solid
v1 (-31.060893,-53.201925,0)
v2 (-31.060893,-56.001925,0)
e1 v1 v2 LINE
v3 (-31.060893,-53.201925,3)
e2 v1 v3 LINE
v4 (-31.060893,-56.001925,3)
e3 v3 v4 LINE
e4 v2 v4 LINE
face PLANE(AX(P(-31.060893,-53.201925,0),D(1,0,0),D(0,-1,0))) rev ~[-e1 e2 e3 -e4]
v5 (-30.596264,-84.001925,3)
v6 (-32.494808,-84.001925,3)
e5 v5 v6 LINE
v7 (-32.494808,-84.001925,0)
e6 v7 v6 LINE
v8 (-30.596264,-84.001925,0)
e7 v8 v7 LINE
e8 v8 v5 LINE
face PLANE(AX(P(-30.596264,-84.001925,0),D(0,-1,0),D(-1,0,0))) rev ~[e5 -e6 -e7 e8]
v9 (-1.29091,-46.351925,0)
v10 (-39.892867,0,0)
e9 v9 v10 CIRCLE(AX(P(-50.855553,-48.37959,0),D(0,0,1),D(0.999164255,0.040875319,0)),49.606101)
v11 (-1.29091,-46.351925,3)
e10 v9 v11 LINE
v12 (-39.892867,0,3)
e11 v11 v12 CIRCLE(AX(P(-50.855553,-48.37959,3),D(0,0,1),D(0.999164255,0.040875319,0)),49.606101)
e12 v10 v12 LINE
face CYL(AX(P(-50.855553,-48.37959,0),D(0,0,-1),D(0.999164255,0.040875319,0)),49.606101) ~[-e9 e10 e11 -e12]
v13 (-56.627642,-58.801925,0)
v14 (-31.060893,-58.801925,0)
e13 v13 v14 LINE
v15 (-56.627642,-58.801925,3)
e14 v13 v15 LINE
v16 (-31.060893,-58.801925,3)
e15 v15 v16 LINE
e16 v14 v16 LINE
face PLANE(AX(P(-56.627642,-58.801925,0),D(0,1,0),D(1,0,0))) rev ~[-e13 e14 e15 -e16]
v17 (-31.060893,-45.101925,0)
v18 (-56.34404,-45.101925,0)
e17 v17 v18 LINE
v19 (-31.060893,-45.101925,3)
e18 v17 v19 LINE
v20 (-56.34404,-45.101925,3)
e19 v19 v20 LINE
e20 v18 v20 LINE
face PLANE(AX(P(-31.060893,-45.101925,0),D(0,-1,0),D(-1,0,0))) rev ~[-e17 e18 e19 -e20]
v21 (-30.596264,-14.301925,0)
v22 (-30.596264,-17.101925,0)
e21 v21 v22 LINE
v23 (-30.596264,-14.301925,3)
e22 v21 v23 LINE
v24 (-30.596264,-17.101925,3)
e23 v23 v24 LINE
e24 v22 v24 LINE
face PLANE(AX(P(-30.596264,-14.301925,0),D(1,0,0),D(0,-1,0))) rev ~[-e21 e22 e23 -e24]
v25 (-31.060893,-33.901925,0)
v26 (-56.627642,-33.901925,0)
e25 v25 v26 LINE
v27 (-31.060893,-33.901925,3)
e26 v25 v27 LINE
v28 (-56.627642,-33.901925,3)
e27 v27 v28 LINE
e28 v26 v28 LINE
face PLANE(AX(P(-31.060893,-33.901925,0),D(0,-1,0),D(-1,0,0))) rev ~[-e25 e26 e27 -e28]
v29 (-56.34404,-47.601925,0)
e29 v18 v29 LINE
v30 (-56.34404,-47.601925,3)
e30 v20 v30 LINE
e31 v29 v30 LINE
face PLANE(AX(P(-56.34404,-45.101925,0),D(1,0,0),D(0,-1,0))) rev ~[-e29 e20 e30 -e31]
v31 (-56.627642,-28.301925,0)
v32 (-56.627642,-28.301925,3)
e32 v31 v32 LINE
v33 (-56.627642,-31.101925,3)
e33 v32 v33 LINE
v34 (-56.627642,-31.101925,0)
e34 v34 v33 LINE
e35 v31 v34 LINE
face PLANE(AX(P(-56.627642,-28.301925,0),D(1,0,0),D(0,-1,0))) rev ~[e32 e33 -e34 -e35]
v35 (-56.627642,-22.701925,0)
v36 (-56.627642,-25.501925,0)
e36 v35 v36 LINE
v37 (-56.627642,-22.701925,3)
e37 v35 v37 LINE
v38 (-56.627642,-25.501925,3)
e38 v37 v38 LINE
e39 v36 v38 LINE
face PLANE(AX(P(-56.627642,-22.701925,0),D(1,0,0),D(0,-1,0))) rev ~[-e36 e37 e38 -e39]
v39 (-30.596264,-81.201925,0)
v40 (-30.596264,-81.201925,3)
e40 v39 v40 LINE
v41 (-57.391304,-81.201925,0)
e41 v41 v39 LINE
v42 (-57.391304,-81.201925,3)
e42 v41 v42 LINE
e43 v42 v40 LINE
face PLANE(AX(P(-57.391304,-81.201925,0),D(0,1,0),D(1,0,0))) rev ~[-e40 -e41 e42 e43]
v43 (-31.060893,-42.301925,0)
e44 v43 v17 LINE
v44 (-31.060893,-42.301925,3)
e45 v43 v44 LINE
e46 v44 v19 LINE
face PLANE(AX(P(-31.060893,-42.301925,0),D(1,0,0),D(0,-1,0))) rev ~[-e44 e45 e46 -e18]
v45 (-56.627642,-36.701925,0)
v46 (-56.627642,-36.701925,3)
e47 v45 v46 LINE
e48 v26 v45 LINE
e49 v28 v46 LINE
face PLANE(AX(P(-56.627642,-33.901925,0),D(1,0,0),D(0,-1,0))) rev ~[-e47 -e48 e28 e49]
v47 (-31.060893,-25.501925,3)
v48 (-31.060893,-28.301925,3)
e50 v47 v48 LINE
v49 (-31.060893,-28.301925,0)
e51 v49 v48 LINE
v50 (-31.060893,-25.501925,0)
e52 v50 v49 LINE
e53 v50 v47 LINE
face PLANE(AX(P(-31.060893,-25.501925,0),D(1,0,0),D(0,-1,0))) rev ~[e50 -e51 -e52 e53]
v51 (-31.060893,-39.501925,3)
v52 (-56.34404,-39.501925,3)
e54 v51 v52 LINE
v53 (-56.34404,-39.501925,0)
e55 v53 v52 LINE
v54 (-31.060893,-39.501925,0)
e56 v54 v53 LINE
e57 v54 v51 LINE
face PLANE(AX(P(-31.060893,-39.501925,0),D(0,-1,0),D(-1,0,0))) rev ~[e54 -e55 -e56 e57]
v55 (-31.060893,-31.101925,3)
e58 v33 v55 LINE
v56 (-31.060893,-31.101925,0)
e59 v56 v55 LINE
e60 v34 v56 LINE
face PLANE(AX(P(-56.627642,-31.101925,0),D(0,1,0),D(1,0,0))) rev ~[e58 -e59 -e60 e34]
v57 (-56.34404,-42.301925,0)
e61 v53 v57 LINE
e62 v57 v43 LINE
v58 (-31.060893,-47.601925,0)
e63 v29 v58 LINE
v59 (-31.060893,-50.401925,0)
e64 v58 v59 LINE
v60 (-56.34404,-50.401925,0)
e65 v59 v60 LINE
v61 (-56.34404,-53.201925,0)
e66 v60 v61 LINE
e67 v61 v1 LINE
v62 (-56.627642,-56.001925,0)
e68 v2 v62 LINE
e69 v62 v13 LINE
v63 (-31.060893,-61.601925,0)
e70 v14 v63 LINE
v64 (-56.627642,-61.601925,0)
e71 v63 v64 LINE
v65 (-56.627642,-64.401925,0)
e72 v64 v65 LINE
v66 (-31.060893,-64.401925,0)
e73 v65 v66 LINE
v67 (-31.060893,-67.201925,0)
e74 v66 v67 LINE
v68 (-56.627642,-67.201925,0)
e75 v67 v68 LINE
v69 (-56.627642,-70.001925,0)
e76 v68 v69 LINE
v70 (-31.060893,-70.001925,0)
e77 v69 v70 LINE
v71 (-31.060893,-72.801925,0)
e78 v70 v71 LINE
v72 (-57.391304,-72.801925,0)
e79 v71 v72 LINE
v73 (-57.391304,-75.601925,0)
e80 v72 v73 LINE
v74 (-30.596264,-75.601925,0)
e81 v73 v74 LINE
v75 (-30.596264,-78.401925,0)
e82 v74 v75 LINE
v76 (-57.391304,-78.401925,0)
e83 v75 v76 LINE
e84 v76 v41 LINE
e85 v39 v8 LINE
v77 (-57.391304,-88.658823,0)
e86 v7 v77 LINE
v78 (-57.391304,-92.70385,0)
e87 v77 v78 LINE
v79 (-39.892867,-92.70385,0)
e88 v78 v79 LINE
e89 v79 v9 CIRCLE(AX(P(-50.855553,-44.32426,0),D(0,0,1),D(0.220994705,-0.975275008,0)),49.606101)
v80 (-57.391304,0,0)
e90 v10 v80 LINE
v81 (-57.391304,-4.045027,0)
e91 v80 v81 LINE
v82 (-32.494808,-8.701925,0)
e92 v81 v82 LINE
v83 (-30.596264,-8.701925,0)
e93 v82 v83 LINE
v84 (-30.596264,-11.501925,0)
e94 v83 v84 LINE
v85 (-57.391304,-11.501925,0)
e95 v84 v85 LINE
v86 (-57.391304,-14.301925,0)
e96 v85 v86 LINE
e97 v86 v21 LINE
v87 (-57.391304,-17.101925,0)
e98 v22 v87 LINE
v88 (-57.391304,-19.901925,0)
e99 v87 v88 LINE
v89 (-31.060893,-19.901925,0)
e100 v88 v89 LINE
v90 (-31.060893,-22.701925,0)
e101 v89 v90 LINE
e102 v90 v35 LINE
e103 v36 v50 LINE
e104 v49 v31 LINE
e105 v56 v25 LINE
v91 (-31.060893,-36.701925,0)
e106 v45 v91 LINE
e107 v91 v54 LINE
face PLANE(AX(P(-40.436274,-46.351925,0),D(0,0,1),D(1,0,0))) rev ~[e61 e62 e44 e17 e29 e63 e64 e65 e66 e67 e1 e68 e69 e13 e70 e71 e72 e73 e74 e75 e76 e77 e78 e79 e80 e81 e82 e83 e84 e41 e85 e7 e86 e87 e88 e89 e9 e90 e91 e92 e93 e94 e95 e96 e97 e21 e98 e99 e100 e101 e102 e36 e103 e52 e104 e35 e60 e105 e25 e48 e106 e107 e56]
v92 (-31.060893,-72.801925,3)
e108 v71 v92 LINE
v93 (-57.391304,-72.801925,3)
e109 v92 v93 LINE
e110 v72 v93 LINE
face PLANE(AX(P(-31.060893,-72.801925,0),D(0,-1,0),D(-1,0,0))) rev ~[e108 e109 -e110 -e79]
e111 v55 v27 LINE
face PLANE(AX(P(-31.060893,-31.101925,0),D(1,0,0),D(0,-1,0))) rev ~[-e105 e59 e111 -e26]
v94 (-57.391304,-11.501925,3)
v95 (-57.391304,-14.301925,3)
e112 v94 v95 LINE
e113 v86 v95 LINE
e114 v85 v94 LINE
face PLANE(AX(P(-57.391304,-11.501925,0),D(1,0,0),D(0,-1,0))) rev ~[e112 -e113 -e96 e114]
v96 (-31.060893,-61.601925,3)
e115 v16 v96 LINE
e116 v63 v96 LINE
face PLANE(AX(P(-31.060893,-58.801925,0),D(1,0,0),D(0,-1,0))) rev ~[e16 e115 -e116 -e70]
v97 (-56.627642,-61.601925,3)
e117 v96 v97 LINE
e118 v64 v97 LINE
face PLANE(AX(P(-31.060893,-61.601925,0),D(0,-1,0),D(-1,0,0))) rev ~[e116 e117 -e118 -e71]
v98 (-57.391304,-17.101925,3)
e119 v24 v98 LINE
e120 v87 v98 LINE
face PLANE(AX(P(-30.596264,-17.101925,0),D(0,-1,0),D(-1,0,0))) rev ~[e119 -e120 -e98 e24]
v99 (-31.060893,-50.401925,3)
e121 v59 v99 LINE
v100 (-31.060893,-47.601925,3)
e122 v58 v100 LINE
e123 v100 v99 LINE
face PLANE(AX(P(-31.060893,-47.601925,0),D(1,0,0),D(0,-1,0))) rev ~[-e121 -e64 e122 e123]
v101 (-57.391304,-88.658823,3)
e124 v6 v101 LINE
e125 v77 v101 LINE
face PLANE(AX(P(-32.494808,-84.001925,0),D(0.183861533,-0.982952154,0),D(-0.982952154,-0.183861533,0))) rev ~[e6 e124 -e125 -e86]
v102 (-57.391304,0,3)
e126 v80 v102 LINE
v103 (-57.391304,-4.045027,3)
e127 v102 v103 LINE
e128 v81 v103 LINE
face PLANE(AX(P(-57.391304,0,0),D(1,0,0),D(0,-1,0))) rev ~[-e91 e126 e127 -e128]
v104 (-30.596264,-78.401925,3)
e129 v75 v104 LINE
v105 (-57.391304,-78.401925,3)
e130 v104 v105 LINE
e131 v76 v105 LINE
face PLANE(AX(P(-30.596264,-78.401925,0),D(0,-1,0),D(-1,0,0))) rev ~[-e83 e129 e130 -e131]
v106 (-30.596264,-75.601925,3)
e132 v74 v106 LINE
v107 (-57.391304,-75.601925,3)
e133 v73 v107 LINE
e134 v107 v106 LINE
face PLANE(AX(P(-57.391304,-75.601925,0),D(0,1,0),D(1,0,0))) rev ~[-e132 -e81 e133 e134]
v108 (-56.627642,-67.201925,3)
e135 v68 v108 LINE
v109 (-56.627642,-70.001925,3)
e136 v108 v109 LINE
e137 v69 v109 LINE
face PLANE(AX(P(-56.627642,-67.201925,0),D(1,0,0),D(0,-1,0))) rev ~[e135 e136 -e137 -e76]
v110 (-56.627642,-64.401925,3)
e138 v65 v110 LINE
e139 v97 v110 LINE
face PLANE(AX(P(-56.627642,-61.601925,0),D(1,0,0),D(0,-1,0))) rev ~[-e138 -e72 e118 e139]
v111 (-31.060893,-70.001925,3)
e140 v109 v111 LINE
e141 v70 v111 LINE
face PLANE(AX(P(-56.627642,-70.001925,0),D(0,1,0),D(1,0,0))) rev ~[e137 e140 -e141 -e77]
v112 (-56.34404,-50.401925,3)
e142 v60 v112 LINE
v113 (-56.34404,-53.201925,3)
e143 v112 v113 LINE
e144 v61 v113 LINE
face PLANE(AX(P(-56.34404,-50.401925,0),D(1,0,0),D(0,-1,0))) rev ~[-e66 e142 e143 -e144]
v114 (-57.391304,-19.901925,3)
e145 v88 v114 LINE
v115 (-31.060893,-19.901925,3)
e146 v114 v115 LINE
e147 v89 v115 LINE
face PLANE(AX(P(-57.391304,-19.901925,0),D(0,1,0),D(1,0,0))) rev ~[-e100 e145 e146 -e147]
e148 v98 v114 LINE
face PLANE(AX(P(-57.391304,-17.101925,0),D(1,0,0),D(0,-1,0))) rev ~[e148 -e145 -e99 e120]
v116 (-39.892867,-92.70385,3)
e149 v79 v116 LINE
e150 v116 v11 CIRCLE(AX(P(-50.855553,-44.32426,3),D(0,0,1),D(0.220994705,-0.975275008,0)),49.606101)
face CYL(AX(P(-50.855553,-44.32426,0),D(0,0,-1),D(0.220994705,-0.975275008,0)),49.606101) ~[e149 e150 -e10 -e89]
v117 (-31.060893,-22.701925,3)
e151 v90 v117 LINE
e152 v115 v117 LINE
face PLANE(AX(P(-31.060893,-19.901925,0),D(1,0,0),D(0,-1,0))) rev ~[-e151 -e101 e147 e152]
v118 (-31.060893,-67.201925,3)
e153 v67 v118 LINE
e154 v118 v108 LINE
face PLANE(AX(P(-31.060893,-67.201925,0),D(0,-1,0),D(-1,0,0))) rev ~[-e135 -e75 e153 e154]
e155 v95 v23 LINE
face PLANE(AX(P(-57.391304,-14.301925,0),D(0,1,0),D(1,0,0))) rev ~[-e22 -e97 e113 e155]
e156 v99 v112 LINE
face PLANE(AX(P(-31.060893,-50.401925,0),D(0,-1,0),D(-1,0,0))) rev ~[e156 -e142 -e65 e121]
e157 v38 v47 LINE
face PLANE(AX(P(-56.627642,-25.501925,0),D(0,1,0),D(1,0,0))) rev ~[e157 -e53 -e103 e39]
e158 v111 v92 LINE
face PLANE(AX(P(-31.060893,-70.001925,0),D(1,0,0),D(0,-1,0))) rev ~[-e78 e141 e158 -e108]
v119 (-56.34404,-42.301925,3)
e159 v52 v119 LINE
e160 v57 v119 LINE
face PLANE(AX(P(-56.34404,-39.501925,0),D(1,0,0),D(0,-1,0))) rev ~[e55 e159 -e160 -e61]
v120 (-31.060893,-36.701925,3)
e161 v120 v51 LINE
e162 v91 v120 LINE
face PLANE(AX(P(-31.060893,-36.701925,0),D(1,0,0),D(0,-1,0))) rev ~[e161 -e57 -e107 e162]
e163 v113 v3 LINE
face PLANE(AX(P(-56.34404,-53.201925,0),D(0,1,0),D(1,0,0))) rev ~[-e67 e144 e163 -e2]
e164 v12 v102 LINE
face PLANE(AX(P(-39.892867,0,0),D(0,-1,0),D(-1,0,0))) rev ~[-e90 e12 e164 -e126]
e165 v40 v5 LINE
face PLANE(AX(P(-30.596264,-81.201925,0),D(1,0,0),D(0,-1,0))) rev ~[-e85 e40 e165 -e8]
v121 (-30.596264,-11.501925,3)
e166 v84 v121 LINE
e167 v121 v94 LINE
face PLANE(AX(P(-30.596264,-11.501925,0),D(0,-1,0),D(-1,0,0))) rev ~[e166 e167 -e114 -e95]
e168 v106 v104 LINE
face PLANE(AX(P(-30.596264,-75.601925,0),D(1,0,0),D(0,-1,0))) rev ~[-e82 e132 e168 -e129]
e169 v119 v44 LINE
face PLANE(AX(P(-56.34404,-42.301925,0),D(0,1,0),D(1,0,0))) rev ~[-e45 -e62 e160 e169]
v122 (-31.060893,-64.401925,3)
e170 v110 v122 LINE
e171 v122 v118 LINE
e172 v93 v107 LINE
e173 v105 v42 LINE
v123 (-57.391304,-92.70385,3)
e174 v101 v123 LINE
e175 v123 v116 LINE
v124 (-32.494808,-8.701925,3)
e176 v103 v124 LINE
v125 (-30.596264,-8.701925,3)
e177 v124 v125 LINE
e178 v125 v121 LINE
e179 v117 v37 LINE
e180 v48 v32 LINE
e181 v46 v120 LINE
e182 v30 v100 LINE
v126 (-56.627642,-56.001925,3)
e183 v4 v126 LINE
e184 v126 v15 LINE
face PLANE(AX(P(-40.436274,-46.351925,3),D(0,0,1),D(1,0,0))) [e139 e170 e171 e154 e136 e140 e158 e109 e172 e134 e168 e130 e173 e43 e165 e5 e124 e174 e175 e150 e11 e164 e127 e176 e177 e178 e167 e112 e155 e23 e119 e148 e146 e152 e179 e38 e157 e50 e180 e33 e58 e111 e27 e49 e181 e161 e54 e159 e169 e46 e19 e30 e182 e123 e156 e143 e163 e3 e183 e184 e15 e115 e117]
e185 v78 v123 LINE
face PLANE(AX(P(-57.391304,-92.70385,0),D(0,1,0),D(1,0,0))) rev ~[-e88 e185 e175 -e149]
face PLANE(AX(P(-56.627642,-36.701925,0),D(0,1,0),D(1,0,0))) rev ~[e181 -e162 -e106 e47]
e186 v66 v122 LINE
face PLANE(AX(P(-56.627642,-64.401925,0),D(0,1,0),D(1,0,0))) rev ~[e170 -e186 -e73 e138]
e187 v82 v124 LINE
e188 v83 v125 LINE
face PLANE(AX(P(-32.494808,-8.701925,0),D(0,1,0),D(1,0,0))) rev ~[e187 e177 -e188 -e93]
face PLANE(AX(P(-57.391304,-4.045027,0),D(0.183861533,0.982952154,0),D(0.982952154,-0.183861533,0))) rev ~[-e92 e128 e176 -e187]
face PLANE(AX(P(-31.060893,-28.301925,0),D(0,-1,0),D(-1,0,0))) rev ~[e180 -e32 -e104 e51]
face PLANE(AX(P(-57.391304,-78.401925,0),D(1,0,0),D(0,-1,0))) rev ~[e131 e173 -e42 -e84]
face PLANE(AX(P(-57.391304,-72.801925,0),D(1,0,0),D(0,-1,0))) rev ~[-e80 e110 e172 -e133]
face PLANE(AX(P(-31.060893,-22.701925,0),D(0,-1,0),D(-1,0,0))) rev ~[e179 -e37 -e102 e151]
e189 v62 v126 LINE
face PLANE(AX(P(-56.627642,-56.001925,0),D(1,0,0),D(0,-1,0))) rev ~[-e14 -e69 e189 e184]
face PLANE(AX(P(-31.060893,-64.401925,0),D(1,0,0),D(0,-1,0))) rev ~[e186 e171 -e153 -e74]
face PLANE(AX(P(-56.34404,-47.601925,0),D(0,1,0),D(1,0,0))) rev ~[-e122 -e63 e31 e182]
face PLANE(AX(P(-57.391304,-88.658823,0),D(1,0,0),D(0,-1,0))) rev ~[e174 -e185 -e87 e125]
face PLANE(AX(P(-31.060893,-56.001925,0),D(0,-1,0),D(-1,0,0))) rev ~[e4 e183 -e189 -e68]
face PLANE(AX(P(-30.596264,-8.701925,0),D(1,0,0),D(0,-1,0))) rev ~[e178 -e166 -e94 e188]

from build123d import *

# Parameters (mm, degrees)
F1_DEPTH = 3


with BuildPart() as f1:
    # F0 (on Top) → F1 (new body)
    with BuildSketch(Plane.XY):
        with BuildLine():
            Line((-39.892867, 0), (-57.391304, 0))
            Line((-57.391304, 0), (-57.391304, -4.045027))
            Line((-57.391304, -4.045027), (-32.494808, -8.701925))
            Line((-32.494808, -8.701925), (-30.596264, -8.701925))
            Line((-30.596264, -8.701925), (-30.596264, -11.501925))
            Line((-30.596264, -11.501925), (-57.391304, -11.501925))
            Line((-57.391304, -11.501925), (-57.391304, -14.301925))
            Line((-57.391304, -14.301925), (-30.596264, -14.301925))
            Line((-30.596264, -14.301925), (-30.596264, -17.101925))
            Line((-30.596264, -17.101925), (-57.391304, -17.101925))
            Line((-57.391304, -17.101925), (-57.391304, -19.901925))
            Line((-57.391304, -19.901925), (-31.060893, -19.901925))
            Line((-31.060893, -19.901925), (-31.060893, -22.701925))
            Line((-31.060893, -22.701925), (-56.627642, -22.701925))
            Line((-56.627642, -22.701925), (-56.627642, -25.501925))
            Line((-56.627642, -25.501925), (-31.060893, -25.501925))
            Line((-31.060893, -25.501925), (-31.060893, -28.301925))
            Line((-31.060893, -28.301925), (-56.627642, -28.301925))
            Line((-56.627642, -28.301925), (-56.627642, -31.101925))
            Line((-56.627642, -31.101925), (-31.060893, -31.101925))
            Line((-31.060893, -31.101925), (-31.060893, -33.901925))
            Line((-31.060893, -33.901925), (-56.627642, -33.901925))
            Line((-56.627642, -33.901925), (-56.627642, -36.701925))
            Line((-56.627642, -36.701925), (-31.060893, -36.701925))
            Line((-31.060893, -36.701925), (-31.060893, -39.501925))
            Line((-31.060893, -39.501925), (-56.34404, -39.501925))
            Line((-56.34404, -39.501925), (-56.34404, -42.301925))
            Line((-56.34404, -42.301925), (-31.060893, -42.301925))
            Line((-31.060893, -42.301925), (-31.060893, -45.101925))
            Line((-31.060893, -45.101925), (-56.34404, -45.101925))
            Line((-56.34404, -45.101925), (-56.34404, -46.351925))
            Line((-56.34404, -46.351925), (-56.34404, -47.601925))
            Line((-56.34404, -47.601925), (-31.060893, -47.601925))
            Line((-31.060893, -47.601925), (-31.060893, -50.401925))
            Line((-31.060893, -50.401925), (-56.34404, -50.401925))
            Line((-56.34404, -50.401925), (-56.34404, -53.201925))
            Line((-56.34404, -53.201925), (-31.060893, -53.201925))
            Line((-31.060893, -53.201925), (-31.060893, -56.001925))
            Line((-31.060893, -56.001925), (-56.627642, -56.001925))
            Line((-56.627642, -56.001925), (-56.627642, -58.801925))
            Line((-56.627642, -58.801925), (-31.060893, -58.801925))
            Line((-31.060893, -58.801925), (-31.060893, -61.601925))
            Line((-31.060893, -61.601925), (-56.627642, -61.601925))
            Line((-56.627642, -61.601925), (-56.627642, -64.401925))
            Line((-56.627642, -64.401925), (-31.060893, -64.401925))
            Line((-31.060893, -64.401925), (-31.060893, -67.201925))
            Line((-31.060893, -67.201925), (-56.627642, -67.201925))
            Line((-56.627642, -67.201925), (-56.627642, -70.001925))
            Line((-56.627642, -70.001925), (-31.060893, -70.001925))
            Line((-31.060893, -70.001925), (-31.060893, -72.801925))
            Line((-31.060893, -72.801925), (-57.391304, -72.801925))
            Line((-57.391304, -72.801925), (-57.391304, -75.601925))
            Line((-57.391304, -75.601925), (-30.596264, -75.601925))
            Line((-30.596264, -75.601925), (-30.596264, -78.401925))
            Line((-30.596264, -78.401925), (-57.391304, -78.401925))
            Line((-57.391304, -78.401925), (-57.391304, -81.201925))
            Line((-57.391304, -81.201925), (-30.596264, -81.201925))
            Line((-30.596264, -81.201925), (-30.596264, -84.001925))
            Line((-30.596264, -84.001925), (-32.494808, -84.001925))
            Line((-32.494808, -84.001925), (-57.391304, -88.658823))
            Line((-57.391304, -88.658823), (-57.391304, -92.70385))
            Line((-57.391304, -92.70385), (-39.892867, -92.70385))
            ThreePointArc((-39.892867, -92.70385), (-12.737124, -76.069348), (-1.29091, -46.351925))
            ThreePointArc((-1.29091, -46.351925), (-12.737124, -16.634502), (-39.892867, 0))
        make_face()
    extrude(amount=F1_DEPTH)


solid = f1.part
